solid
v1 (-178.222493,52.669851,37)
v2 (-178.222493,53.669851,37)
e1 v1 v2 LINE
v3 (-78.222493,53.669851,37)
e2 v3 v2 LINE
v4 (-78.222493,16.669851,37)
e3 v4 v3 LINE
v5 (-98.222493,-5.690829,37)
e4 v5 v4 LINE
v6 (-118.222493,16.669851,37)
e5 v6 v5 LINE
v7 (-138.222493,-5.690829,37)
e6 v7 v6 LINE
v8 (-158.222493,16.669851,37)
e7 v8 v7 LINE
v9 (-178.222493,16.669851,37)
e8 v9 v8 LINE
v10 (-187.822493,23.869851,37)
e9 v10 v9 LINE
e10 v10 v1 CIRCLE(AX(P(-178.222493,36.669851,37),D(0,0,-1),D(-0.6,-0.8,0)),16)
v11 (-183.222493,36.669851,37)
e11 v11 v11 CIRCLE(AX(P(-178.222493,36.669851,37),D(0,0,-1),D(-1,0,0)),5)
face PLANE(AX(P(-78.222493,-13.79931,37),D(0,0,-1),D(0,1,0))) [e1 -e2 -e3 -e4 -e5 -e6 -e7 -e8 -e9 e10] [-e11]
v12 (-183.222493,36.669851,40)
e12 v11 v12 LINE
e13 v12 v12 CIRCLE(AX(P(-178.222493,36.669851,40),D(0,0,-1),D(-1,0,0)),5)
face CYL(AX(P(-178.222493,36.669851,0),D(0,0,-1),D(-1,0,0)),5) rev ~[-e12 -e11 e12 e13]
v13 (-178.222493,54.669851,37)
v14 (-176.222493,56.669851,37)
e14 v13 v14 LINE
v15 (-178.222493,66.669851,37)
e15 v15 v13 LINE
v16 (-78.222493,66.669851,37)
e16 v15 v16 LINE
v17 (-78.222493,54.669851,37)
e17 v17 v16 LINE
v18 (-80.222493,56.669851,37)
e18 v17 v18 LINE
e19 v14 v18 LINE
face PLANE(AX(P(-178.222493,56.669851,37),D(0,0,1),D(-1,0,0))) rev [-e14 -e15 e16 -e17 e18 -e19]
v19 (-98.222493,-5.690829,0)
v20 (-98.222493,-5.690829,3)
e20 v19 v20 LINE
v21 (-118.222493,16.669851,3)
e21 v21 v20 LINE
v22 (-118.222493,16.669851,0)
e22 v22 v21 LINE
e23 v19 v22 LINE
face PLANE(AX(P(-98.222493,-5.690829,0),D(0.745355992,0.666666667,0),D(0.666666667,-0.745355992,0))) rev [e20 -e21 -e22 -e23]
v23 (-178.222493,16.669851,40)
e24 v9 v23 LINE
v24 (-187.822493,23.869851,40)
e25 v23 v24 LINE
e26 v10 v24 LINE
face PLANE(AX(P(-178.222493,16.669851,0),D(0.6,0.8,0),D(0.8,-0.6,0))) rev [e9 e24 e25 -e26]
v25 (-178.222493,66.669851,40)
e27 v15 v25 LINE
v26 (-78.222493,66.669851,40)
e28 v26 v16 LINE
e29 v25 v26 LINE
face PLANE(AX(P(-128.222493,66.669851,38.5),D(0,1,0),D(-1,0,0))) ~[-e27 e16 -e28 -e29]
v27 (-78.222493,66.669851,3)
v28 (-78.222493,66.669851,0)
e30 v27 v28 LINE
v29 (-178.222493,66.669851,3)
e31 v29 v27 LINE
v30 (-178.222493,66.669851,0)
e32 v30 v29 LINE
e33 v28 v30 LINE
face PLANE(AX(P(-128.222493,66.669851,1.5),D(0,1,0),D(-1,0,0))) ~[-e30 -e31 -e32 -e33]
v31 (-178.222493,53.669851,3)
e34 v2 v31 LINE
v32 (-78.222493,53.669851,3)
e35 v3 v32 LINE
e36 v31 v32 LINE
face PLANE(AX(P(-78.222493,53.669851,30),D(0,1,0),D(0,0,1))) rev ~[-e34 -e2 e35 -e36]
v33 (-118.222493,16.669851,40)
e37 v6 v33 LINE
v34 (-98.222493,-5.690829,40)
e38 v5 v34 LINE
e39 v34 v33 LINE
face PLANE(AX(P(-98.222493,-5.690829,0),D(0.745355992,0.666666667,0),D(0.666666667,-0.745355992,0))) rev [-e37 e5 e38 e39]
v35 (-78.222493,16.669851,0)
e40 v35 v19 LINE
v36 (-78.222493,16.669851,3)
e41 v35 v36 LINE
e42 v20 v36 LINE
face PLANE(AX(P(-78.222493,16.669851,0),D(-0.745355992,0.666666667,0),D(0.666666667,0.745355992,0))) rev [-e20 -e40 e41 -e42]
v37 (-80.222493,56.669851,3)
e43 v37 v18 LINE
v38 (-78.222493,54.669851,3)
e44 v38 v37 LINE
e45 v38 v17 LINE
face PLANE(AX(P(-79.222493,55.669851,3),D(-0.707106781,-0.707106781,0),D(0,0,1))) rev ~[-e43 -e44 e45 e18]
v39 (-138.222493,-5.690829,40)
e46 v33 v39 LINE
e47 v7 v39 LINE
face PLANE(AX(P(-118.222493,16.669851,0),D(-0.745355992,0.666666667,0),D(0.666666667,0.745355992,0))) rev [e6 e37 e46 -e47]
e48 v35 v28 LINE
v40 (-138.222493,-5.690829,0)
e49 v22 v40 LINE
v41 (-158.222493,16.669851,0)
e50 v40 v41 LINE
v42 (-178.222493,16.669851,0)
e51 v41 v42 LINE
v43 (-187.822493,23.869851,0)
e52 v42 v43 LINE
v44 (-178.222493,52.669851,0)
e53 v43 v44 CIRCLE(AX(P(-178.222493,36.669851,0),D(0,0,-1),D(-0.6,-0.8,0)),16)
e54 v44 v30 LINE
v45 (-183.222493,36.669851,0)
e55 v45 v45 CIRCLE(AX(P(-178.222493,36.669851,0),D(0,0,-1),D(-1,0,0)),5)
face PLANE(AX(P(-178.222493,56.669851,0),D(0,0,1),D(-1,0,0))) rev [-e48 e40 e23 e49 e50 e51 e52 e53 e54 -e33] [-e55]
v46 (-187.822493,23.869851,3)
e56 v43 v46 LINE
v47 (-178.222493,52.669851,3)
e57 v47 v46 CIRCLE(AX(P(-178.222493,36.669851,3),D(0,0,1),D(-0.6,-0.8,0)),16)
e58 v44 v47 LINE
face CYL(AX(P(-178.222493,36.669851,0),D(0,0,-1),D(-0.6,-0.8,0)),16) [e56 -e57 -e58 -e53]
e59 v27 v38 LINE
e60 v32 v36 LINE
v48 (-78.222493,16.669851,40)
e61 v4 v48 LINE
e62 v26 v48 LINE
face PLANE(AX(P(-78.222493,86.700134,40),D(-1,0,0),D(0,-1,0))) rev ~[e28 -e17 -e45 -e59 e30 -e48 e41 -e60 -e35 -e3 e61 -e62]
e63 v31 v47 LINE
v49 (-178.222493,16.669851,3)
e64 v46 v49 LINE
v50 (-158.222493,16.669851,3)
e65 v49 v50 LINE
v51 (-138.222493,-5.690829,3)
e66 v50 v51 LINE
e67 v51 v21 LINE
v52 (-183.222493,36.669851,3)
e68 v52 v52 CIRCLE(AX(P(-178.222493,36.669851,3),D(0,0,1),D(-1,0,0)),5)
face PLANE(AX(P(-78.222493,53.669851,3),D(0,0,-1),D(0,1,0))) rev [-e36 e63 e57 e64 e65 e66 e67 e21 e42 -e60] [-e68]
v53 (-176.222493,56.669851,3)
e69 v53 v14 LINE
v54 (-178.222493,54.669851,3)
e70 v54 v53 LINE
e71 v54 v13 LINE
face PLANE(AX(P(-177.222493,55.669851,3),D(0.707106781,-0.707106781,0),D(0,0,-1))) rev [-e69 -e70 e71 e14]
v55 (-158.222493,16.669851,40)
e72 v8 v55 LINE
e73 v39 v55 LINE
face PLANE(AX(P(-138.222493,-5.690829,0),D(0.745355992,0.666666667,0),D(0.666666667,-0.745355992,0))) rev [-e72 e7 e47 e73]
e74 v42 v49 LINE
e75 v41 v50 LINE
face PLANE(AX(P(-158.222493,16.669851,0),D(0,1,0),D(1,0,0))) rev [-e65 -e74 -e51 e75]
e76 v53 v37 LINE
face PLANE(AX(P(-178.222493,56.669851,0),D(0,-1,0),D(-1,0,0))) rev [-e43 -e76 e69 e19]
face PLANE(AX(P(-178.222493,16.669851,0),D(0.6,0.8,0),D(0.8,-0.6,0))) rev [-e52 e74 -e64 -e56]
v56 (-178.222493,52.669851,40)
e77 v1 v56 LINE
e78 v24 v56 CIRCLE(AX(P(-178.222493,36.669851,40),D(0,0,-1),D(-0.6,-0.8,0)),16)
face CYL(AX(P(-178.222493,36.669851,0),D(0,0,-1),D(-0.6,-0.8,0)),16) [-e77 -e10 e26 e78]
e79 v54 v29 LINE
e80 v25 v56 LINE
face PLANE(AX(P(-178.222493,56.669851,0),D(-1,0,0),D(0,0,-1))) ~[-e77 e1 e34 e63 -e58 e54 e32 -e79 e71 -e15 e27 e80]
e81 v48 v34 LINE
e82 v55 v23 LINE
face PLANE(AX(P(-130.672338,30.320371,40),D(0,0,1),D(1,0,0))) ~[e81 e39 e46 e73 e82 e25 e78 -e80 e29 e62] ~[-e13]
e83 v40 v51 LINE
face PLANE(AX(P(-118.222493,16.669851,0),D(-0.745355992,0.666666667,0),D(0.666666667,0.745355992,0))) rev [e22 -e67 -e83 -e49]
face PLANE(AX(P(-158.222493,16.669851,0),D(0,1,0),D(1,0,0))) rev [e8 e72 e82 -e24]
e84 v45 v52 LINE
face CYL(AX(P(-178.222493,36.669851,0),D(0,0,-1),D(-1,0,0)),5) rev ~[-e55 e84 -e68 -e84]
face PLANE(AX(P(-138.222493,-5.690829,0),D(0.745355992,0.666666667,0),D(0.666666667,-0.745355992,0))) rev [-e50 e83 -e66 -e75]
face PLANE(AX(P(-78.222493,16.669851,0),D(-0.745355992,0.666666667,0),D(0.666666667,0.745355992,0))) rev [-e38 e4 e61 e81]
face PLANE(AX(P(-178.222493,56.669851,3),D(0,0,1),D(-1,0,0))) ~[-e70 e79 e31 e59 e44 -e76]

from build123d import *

# Parameters (mm, degrees)
F0_R      = 5
F1_DEPTH  = 40
F5_W      = 100
F5_H      = 3
F6_DEPTH  = 28
F7_W      = 100
F7_H      = 3
F8_DEPTH  = 10
F7_H_2    = 40
F13_DEPTH = 116.001
F14_W     = 100
F14_H     = 3
F15_DEPTH = 10
F18_DEPTH = 40.001
F19_SIZE  = 2
F20_SIZE  = 2
F21_W     = 67.4691606036
F21_H     = 7
F22_DEPTH = 116.001


with BuildPart() as f1:
    # F0 (on Top) → F1 (new body)
    with BuildSketch(Plane.XY):
        with BuildLine():
            Line((21.777506699, 52.6698508731), (21.777506699, 56.6698508731))
            Line((21.777506699, 56.6698508731), (-78.222493301, 56.6698508731))
            Line((-78.222493301, 56.6698508731), (-78.222493301, 16.6698508731))
            Line((-78.222493301, 16.6698508731), (-58.222493301, -5.6908289019))
            Line((-58.222493301, -5.6908289019), (-38.222493301, 16.6698508731))
            Line((-38.222493301, 16.6698508731), (-18.222493301, -5.6908289019))
            Line((-18.222493301, -5.6908289019), (1.777506699, 16.6698508731))
            Line((1.777506699, 16.6698508731), (21.777506699, 16.6698508731))
            Line((21.777506699, 16.6698508731), (31.377506699, 23.8698508731))
            ThreePointArc((31.377506699, 23.8698508731), (36.9564394679, 41.7294951294), (21.777506699, 52.6698508731))
        make_face()
        with Locations((21.777506699, 36.6698508731)):
            Circle(F0_R, mode=Mode.SUBTRACT)
    extrude(amount=F1_DEPTH)


with BuildPart() as f2_1:
    # F2: copy of F1
    add(f1.part.moved(Location((0, 0, 28))))


with BuildPart() as f4_1:
    # F4: copy of F1
    add(f1.part.moved(Location((0, 0, 34))))


with BuildPart() as f6:
    # F5 (on face) → F6 (new body)
    with BuildSketch(Plane.XY.offset(40)):
        with Locations((-28.222493301, 55.1698508731)):
            Rectangle(F5_W, F5_H)
    extrude(amount=F6_DEPTH)


with BuildPart() as f8:
    # F7 (on face) → F8 (new body)
    with BuildSketch(Plane(origin=(0, 56.6698508731, 0), x_dir=(-1, 0, 0), z_dir=(0, 1, 0))):
        with Locations((28.222493301, 69.5)):
            Rectangle(F7_W, F7_H)
    extrude(amount=F8_DEPTH)


with BuildPart() as f8b:
    # F7 (on face) → F8, piece 2 (new body)
    with BuildSketch(Plane(origin=(0, 56.6698508731, 0), x_dir=(-1, 0, 0), z_dir=(0, 1, 0))):
        with Locations((28.222493301, 20)):
            Rectangle(F7_W, F7_H_2)
    extrude(amount=F8_DEPTH)


with BuildPart() as f1_1:
    add(f1.part)

    # F12 (on face) → F13 (cut, through all)
    with BuildSketch(Plane(origin=(-78.222493301, 0, 0), x_dir=(0, -1, 0), z_dir=(-1, 0, 0))):
        Polygon((15.5293103307, 30), (-53.6698508731, 30), (-53.6698508731, 3), (13.7041052803, 3), align=None)
    extrude(amount=-F13_DEPTH, mode=Mode.SUBTRACT)

    # F14 (on face) → F15 (join)
    with BuildSketch(Plane(origin=(0, 56.6698508731, 0), x_dir=(-1, 0, 0), z_dir=(0, 1, 0))):
        with Locations((28.222493301, 1.5)):
            Rectangle(F14_W, F14_H)
        with Locations((28.222493301, 38.5)):
            Rectangle(F14_W, F14_H)
    extrude(amount=F15_DEPTH)

    # F16: F1 across face


with BuildPart() as f1_2:
    add(f1_1.part)
    add(f1_1.part.mirror(Plane(origin=(-78.222493301, 41.2061594964, 25.2897125567), x_dir=(0, -1, 0), z_dir=(-1, 0, 0))))

    # F17 (on face) → F18 (cut, through all)
    with BuildSketch(Plane.XY.offset(40)):
        Polygon((-78.222493301, 86.7001339793), (-78.222493301, 16.6698508731), (-78.222493301, -27.7220606804), (68.2113543153, -27.7220606804), (68.2113543153, 86.7001339793), align=None)
    extrude(amount=-F18_DEPTH, mode=Mode.SUBTRACT)

    # F19
    f19_edges = [f1_2.edges().sort_by_distance(p)[0] for p in [
        (-178.222493, 56.669851, 20),
    ]]
    chamfer(f19_edges, length=F19_SIZE)

    # F20
    f20_edges = [f1_2.edges().sort_by_distance(p)[0] for p in [
        (-78.222493, 56.669851, 20),
    ]]
    chamfer(f20_edges, length=F20_SIZE)

    # F21 (on face) → F22 (cut, through all)
    with BuildSketch(Plane.YZ.offset(-78.222493301)):
        with Locations((19.9352705713, 33.5)):
            Rectangle(F21_W, F21_H)
    extrude(amount=-F22_DEPTH, mode=Mode.SUBTRACT)


solid = f1_2.part
